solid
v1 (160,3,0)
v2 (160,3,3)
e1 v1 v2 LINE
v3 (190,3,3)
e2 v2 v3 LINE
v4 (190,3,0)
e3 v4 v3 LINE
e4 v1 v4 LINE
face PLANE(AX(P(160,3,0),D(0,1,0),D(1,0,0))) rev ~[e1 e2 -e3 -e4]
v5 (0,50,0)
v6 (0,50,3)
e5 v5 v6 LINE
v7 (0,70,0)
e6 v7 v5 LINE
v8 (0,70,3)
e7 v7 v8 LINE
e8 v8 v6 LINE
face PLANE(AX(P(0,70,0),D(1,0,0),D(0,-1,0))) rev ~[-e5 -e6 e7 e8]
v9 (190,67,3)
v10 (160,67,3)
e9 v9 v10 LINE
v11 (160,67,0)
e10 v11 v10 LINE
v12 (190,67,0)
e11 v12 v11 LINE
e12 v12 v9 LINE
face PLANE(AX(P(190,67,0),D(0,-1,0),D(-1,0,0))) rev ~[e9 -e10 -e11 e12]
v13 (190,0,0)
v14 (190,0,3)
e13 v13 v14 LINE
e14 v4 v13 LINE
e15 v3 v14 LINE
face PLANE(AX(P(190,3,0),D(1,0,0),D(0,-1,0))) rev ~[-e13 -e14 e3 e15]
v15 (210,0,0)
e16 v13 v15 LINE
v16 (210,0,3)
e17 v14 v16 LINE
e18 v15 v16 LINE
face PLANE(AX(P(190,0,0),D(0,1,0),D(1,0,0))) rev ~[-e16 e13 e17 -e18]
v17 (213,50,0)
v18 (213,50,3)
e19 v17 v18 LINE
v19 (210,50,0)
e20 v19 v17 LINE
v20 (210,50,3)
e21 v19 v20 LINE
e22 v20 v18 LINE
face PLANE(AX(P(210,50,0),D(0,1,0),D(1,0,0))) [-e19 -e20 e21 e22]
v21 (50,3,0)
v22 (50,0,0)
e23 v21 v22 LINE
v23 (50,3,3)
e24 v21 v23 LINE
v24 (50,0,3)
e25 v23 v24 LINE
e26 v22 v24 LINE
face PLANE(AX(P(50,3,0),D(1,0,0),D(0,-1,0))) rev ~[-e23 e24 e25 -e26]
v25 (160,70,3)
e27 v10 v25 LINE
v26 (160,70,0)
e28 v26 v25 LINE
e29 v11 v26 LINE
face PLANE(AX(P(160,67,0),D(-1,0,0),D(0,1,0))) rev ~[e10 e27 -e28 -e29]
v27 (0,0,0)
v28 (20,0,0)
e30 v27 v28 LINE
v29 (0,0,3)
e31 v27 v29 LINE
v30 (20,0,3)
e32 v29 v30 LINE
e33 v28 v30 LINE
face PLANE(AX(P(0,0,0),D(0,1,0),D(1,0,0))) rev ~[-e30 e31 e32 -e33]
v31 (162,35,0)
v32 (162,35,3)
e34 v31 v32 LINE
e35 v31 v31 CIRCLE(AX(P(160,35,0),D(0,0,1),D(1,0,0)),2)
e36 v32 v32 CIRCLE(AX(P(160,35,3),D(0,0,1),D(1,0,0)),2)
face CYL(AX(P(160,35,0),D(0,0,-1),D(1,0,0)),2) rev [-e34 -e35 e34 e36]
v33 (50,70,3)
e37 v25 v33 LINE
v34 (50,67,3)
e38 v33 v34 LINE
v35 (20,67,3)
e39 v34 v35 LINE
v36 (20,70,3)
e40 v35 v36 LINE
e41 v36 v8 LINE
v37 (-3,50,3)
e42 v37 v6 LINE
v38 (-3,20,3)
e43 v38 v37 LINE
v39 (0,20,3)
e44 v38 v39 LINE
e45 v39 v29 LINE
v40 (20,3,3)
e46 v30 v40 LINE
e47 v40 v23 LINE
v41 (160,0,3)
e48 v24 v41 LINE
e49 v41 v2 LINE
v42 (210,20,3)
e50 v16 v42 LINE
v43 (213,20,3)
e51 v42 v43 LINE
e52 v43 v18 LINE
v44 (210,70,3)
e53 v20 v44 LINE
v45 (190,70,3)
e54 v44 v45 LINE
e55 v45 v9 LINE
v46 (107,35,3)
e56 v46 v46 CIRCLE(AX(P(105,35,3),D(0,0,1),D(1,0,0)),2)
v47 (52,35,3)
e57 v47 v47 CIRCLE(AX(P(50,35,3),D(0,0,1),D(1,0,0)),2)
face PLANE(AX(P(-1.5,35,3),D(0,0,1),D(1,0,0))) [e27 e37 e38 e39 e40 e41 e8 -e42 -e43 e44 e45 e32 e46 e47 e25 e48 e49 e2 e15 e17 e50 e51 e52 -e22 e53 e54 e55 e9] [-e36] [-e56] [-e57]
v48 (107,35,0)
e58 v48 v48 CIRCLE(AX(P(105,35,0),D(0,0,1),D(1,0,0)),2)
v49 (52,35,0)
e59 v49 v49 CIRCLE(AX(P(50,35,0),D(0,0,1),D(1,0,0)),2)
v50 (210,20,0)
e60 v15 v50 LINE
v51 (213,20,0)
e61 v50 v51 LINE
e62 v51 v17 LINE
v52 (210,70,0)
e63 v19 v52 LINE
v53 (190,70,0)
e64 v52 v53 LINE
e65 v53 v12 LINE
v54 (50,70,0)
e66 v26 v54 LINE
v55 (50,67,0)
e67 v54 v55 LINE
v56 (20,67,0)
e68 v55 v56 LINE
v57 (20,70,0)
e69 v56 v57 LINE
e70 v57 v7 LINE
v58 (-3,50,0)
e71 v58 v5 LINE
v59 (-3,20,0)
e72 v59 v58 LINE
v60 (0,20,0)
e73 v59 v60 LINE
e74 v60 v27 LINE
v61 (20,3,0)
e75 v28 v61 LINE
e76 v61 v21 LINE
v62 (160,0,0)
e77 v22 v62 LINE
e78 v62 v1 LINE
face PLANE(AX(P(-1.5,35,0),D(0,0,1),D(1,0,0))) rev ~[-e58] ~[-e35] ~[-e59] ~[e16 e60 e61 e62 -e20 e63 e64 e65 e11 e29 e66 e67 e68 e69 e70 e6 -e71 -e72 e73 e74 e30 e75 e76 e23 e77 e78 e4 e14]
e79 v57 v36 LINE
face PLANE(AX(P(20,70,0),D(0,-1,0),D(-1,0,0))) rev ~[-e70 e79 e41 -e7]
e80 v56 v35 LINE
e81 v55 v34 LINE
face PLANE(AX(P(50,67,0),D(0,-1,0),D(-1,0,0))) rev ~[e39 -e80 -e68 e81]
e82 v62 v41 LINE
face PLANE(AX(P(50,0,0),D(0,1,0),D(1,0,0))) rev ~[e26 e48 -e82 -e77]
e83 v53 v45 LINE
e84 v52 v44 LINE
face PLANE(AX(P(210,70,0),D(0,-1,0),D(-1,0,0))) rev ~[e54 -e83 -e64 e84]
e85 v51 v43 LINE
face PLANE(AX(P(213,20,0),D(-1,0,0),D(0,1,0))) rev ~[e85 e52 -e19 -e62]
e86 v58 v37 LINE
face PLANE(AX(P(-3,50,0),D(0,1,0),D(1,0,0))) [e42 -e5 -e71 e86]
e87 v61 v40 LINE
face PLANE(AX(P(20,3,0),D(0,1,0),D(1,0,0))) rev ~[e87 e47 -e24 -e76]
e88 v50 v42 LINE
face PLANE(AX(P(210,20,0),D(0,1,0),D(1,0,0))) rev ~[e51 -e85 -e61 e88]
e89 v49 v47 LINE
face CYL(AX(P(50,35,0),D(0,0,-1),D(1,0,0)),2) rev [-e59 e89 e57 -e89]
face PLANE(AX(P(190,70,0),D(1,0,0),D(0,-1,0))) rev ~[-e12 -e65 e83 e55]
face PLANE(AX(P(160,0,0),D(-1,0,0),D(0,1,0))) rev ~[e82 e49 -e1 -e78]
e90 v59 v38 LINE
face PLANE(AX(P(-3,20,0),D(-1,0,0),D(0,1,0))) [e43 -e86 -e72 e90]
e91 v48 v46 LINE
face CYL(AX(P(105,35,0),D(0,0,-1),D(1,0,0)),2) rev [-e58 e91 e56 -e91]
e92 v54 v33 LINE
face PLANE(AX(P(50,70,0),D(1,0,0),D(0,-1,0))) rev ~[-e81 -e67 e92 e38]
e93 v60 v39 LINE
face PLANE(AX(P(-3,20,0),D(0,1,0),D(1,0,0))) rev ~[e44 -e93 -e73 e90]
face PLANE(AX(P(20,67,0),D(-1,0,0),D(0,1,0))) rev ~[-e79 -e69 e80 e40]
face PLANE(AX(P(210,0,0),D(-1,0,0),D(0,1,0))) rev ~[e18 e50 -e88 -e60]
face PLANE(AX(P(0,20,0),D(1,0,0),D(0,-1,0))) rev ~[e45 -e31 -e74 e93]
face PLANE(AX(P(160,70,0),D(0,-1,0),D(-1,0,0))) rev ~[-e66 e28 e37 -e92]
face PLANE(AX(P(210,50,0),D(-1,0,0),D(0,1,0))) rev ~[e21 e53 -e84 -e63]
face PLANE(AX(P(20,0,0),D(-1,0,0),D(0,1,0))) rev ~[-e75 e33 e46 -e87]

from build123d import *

# Parameters (mm, degrees)
F0_W     = 3
F0_H     = 30
F0_R     = 2
F1_DEPTH = 3


with BuildPart() as f1:
    # F0 (on Top) → F1 (new body)
    with BuildSketch(Plane.XY):
        with Locations((-1.5, 35)):
            Rectangle(F0_W, F0_H)
        with Locations((211.5, 35)):
            Rectangle(F0_W, F0_H)
        Polygon((0, 20), (0, 0), (20, 0), (20, 3), (50, 3), (50, 0), (160, 0), (160, 3), (190, 3), (190, 0), (210, 0), (210, 20), (210, 50), (210, 70), (190, 70), (190, 67), (160, 67), (160, 70), (50, 70), (50, 67), (20, 67), (20, 70), (0, 70), (0, 50), align=None)
        with Locations((50, 35)):
            Circle(F0_R, mode=Mode.SUBTRACT)
        with Locations((105, 35)):
            Circle(F0_R, mode=Mode.SUBTRACT)
        with Locations((160, 35)):
            Circle(F0_R, mode=Mode.SUBTRACT)
    extrude(amount=F1_DEPTH)


solid = f1.part
